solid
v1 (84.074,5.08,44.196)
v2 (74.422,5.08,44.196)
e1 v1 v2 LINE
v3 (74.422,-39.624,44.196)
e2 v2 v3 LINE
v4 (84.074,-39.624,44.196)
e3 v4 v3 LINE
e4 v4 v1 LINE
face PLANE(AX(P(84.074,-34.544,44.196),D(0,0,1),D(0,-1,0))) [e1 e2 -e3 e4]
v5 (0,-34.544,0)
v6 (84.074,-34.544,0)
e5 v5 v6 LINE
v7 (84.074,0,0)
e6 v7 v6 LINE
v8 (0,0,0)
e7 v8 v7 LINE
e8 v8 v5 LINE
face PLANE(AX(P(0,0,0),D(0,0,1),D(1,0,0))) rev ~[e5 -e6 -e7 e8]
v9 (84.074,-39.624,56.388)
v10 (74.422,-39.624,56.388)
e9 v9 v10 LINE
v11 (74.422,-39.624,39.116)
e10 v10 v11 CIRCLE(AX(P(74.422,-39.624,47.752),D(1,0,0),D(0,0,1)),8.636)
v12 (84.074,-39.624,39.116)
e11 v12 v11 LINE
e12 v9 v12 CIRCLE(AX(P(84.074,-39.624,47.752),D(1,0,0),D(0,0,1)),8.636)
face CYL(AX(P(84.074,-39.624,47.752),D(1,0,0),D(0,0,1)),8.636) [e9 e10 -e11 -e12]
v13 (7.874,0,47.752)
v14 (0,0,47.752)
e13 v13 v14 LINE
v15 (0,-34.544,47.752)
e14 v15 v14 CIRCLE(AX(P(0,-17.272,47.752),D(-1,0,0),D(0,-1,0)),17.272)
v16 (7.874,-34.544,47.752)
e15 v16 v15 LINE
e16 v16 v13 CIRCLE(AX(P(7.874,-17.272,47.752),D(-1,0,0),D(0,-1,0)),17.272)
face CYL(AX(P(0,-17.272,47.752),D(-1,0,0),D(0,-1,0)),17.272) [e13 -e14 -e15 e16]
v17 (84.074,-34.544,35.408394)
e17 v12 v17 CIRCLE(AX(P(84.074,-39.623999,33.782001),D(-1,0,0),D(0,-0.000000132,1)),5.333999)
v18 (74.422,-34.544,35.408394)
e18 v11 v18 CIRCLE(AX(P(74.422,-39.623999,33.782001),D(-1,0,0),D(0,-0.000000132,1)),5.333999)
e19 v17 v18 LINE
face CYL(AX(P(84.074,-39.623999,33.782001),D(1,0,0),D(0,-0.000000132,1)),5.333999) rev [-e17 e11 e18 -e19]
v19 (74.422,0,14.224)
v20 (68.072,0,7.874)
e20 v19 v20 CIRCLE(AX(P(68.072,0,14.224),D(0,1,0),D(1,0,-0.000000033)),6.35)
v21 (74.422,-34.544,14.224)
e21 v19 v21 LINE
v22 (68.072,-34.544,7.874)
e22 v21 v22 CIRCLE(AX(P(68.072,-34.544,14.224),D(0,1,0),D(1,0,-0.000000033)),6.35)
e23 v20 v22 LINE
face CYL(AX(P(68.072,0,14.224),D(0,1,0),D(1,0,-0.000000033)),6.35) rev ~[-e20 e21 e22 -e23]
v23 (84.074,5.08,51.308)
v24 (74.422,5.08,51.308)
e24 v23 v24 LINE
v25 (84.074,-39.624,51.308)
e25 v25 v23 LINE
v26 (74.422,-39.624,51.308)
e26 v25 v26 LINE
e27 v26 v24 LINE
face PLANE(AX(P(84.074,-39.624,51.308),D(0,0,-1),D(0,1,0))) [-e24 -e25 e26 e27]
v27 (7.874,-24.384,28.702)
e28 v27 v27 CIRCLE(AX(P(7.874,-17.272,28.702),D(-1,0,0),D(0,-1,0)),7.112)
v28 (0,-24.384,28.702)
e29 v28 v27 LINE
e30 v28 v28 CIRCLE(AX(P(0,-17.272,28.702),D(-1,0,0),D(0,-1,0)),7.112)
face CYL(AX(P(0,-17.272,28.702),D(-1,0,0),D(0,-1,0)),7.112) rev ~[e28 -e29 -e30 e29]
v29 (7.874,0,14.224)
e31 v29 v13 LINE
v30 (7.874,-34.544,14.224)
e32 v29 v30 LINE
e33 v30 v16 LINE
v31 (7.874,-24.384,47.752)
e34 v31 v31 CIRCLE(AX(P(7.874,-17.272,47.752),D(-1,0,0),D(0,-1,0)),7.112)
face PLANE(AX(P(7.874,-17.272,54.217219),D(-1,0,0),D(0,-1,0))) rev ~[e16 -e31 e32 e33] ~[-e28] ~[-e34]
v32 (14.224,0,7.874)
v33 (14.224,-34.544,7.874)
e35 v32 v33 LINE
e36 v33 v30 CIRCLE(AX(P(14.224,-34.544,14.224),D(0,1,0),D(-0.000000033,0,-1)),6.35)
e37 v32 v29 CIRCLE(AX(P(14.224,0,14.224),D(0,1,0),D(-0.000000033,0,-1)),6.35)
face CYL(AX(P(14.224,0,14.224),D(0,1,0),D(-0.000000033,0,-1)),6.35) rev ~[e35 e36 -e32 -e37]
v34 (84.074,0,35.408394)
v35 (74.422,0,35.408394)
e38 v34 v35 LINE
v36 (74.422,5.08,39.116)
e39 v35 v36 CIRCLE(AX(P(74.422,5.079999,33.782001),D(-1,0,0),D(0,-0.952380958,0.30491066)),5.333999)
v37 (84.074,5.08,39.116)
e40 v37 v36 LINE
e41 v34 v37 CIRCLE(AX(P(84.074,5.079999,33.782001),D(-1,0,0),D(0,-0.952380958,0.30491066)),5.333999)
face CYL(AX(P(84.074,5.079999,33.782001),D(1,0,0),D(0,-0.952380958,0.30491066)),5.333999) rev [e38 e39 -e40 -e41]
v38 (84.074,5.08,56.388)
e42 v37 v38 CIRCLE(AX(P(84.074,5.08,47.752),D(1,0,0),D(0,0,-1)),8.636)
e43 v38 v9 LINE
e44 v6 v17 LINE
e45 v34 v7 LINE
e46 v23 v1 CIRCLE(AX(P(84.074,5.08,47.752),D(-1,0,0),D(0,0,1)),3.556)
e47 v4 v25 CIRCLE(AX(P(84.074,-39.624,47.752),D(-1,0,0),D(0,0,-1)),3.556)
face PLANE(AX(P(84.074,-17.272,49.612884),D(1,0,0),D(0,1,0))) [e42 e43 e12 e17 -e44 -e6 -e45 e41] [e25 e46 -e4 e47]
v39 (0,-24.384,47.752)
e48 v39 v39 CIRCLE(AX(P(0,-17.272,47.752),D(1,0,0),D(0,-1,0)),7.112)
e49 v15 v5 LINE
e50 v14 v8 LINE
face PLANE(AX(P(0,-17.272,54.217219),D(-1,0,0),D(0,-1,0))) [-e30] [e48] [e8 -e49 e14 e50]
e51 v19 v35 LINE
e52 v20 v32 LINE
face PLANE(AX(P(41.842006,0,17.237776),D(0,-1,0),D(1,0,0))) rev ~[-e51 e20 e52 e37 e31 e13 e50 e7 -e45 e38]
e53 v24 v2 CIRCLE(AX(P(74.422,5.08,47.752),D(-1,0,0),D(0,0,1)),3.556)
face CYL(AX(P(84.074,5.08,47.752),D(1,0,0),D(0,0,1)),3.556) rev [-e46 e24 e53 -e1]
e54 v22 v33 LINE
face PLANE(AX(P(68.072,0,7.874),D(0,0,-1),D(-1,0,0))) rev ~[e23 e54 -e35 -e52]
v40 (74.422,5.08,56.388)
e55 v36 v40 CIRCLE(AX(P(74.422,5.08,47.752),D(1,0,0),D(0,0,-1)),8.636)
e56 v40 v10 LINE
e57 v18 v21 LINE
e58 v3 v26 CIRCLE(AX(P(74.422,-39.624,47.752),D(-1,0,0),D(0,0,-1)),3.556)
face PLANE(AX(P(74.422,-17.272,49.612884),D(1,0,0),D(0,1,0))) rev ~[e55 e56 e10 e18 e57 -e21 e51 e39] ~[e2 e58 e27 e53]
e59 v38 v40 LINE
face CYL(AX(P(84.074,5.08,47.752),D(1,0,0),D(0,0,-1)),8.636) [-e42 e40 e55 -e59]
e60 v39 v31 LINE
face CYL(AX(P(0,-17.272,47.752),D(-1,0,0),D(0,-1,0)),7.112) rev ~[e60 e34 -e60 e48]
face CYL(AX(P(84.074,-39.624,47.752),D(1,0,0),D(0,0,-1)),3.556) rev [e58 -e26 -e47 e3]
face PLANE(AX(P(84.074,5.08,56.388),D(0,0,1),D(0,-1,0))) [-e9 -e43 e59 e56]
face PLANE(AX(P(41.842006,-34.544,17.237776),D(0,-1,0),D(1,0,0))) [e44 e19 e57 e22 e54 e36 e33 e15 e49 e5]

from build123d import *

# Parameters (mm, degrees)
F1_DEPTH = 34.544
F2_W     = 34.544
F2_H     = 3.556
F3_DEPTH = 9.652
F4_DEPTH = 9.652
F6_DEPTH = 7.874
F5_R     = 7.112
F7_DEPTH = 7.874


with BuildPart() as f1:
    # F0 (on Front) → F1 (new body)
    with BuildSketch(Plane.XZ):
        with BuildLine():
            Line((0, 47.752), (0, 0))
            Line((0, 0), (84.074, 0))
            Line((84.074, 0), (84.074, 47.752))
            Line((84.074, 47.752), (74.422, 47.752))
            Line((74.422, 47.752), (74.422, 14.224))
            ThreePointArc((74.422, 14.224), (72.562128, 9.733872), (68.072, 7.874))
            Line((68.072, 7.874), (14.224, 7.874))
            ThreePointArc((14.224, 7.874), (9.733872, 9.733872), (7.874, 14.224))
            Line((7.874, 14.224), (7.874, 47.752))
            Line((7.874, 47.752), (0, 47.752))
        make_face()
    extrude(amount=F1_DEPTH)

    # F2 (on face) → F3 (cut)
    with BuildSketch(Plane.YZ.offset(84.074)):
        with Locations((-17.272, 45.974)):
            Rectangle(F2_W, F2_H)
        with BuildLine():
            Line((-34.544, 44.196), (-39.624, 44.196))
            ThreePointArc((-39.624, 44.196), (-43.18, 47.752), (-39.624, 51.308))
            Line((-39.624, 51.308), (5.08, 51.308))
            ThreePointArc((5.08, 51.308), (8.636, 47.752), (5.08, 44.196))
            Line((5.08, 44.196), (0, 44.196))
            Line((0, 44.196), (0, 39.116))
            Line((0, 39.116), (5.08, 39.116))
            ThreePointArc((5.08, 39.116), (13.716, 47.752), (5.08, 56.388))
            Line((5.08, 56.388), (-39.624, 56.388))
            ThreePointArc((-39.624, 56.388), (-48.26, 47.752), (-39.624, 39.116))
            Line((-39.624, 39.116), (-34.544, 39.116))
            Line((-34.544, 39.116), (-34.544, 44.196))
        make_face()
    extrude(amount=-F3_DEPTH, mode=Mode.SUBTRACT)

    # F2 (on face) → F4 (join)
    with BuildSketch(Plane.YZ.offset(84.074)):
        with BuildLine():
            Line((-34.544, 44.196), (-39.624, 44.196))
            ThreePointArc((-39.624, 44.196), (-43.18, 47.752), (-39.624, 51.308))
            Line((-39.624, 51.308), (5.08, 51.308))
            ThreePointArc((5.08, 51.308), (8.636, 47.752), (5.08, 44.196))
            Line((5.08, 44.196), (0, 44.196))
            Line((0, 44.196), (0, 39.116))
            Line((0, 39.116), (5.08, 39.116))
            ThreePointArc((5.08, 39.116), (13.716, 47.752), (5.08, 56.388))
            Line((5.08, 56.388), (-39.624, 56.388))
            ThreePointArc((-39.624, 56.388), (-48.26, 47.752), (-39.624, 39.116))
            Line((-39.624, 39.116), (-34.544, 39.116))
            Line((-34.544, 39.116), (-34.544, 44.196))
        make_face()
        with BuildLine():
            Line((-34.544, 35.408394), (-34.544, 39.116))
            Line((-34.544, 39.116), (-39.624, 39.116))
            ThreePointArc((-39.624, 39.116), (-36.479451, 38.090523), (-34.544, 35.408394))
        make_face()
        with BuildLine():
            Line((5.08, 39.116), (0, 39.116))
            Line((0, 39.116), (0, 35.408394))
            ThreePointArc((0, 35.408394), (1.935451, 38.090523), (5.08, 39.116))
        make_face()
    extrude(amount=-F4_DEPTH)

    # F5 (on face) → F6 (join)
    with BuildSketch(Plane(origin=(0, 0, 0), x_dir=(0, -1, 0), z_dir=(-1, 0, 0))):
        with BuildLine():
            Line((24.384, 47.752), (34.544, 47.752))
            ThreePointArc((34.544, 47.752), (17.272, 65.024), (0, 47.752))
            Line((0, 47.752), (10.16, 47.752))
            ThreePointArc((10.16, 47.752), (17.272, 54.864), (24.384, 47.752))
        make_face()
    extrude(amount=-F6_DEPTH)

    # F5 (on face) → F7 (cut)
    with BuildSketch(Plane(origin=(0, 0, 0), x_dir=(0, -1, 0), z_dir=(-1, 0, 0))):
        with Locations((17.272, 47.752)):
            Circle(F5_R)
        with Locations((17.272, 28.702)):
            Circle(F5_R)
    extrude(amount=-F7_DEPTH, mode=Mode.SUBTRACT)


solid = f1.part
